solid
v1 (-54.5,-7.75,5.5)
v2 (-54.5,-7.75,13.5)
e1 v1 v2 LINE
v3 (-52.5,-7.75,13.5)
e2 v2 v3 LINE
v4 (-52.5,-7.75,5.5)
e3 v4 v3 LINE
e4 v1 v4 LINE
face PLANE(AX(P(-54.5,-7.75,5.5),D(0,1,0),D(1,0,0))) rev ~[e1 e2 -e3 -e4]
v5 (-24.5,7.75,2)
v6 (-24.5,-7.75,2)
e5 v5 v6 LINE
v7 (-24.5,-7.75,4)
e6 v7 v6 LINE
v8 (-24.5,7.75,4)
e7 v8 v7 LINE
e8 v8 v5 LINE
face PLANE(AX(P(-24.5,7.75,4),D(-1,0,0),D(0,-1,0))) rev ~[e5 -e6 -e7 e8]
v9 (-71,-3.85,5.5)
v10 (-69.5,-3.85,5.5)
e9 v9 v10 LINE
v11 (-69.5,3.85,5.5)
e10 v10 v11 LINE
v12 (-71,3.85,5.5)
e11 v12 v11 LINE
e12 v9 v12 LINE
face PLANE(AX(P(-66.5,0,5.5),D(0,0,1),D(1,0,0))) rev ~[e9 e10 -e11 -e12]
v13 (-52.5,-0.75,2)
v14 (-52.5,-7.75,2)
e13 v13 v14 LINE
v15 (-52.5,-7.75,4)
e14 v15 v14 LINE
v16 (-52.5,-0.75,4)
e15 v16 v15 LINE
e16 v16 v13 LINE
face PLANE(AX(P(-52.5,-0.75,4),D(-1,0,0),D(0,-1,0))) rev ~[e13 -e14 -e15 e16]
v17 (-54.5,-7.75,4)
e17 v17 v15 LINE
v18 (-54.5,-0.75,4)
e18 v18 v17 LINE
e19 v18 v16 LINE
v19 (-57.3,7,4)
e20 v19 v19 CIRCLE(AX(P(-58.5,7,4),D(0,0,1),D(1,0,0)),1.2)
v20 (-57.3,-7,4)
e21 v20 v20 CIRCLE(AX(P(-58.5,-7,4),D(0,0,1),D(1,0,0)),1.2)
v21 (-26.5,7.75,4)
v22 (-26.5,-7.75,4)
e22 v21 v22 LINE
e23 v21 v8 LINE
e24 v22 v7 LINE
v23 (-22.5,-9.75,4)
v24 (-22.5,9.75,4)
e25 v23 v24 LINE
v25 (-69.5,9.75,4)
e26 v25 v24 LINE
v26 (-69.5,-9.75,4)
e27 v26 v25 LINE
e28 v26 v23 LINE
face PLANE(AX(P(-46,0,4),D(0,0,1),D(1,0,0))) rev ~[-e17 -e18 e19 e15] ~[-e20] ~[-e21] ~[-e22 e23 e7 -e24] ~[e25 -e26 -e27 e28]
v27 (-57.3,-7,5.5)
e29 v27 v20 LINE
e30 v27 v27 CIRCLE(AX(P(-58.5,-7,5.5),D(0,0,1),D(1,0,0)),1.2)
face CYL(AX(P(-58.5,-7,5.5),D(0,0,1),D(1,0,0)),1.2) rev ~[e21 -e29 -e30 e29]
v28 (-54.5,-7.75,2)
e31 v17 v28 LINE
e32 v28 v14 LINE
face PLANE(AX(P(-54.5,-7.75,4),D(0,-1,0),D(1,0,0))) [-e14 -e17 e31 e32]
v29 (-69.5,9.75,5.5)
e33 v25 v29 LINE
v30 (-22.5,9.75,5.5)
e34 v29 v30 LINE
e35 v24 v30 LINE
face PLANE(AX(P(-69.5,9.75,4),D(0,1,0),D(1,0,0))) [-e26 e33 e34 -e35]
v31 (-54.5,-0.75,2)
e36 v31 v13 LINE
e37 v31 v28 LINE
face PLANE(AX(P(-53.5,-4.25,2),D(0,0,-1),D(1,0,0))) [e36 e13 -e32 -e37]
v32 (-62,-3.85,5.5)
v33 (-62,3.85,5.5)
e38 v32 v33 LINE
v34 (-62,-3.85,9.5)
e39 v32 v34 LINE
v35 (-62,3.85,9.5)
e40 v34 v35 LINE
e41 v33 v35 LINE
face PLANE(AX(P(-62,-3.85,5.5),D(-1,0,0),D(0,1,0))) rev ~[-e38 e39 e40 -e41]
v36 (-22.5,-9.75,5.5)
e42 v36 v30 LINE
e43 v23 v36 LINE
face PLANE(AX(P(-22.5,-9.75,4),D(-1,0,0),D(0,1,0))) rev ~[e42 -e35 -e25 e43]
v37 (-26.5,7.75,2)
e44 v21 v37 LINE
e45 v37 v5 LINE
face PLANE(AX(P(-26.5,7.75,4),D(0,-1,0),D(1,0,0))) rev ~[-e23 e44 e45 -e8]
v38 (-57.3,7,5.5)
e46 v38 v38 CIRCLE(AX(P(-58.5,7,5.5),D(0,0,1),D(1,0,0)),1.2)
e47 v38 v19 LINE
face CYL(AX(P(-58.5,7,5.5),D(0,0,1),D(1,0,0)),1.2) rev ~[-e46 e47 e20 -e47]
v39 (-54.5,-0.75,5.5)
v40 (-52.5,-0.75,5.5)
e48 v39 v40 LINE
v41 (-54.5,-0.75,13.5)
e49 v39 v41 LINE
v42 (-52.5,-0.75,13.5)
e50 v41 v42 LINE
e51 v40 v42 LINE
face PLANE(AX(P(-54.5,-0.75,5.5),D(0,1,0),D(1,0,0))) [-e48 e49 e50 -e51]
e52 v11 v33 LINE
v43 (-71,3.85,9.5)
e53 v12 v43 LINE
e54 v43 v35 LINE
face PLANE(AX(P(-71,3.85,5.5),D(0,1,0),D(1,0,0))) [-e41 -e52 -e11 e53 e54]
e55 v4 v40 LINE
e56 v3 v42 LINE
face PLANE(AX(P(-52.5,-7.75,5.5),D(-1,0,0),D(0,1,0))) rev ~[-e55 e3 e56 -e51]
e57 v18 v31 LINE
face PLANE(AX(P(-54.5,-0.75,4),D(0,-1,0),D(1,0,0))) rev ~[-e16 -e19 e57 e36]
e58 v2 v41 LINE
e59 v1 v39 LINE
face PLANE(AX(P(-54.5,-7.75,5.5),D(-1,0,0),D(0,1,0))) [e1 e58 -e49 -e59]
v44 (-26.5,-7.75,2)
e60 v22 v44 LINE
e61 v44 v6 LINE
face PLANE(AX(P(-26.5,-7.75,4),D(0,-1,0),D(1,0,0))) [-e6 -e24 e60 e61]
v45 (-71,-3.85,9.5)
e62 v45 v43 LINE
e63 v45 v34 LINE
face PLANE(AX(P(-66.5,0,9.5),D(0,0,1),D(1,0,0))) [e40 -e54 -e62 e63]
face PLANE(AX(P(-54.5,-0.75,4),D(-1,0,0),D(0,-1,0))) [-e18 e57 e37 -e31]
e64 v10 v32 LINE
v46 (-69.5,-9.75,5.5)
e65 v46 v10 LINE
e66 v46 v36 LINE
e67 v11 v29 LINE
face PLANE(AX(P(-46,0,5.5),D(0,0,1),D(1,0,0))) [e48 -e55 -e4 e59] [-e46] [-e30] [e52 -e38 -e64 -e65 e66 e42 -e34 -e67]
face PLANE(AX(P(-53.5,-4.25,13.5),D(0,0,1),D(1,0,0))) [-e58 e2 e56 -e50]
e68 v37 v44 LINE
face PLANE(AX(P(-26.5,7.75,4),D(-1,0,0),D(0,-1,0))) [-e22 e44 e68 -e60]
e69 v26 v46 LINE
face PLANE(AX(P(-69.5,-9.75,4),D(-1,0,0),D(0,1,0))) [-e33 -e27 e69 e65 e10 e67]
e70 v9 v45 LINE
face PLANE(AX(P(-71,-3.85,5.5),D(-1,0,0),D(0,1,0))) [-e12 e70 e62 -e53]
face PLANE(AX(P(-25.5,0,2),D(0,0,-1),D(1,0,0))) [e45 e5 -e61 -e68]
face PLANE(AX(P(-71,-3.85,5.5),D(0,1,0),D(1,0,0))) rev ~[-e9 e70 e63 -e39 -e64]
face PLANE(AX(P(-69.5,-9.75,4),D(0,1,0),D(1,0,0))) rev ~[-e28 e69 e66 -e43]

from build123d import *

# Parameters (mm, degrees)
SKETCH010_W     = 47
SKETCH010_H     = 19.5
PAD006_DEPTH    = 1.5
SKETCH011_W     = 9
SKETCH011_H     = 7.7
PAD008_DEPTH    = 4
SKETCH012_R     = 1.2
POCKET003_DEPTH = 1.501
SKETCH013_W     = 2
SKETCH013_H     = 15.5
SKETCH013_H_2   = 7
PAD007_DEPTH    = 2
SKETCH004_W     = 2
SKETCH004_H     = 7
PAD005_DEPTH    = 8


with BuildPart() as part:
    # Sketch010 → Pad006 (new body)
    with BuildSketch(Plane.XY):
        with Locations((23.5, 9.75)):
            Rectangle(SKETCH010_W, SKETCH010_H)
    extrude(amount=PAD006_DEPTH)

    # Sketch011 (on Face6 of Pad006) → Pad008 (join)
    with BuildSketch(Plane.XY.offset(1.5)):
        with Locations((3, 9.75)):
            Rectangle(SKETCH011_W, SKETCH011_H)
    extrude(amount=PAD008_DEPTH)

    # Sketch012 (on Face5 of Pad008) → Pocket003 (cut, through all)
    with BuildSketch(Plane.XY.offset(1.5)):
        with Locations((11, 16.75)):
            Circle(SKETCH012_R)
        with Locations((11, 2.75)):
            Circle(SKETCH012_R)
    extrude(amount=-POCKET003_DEPTH, mode=Mode.SUBTRACT)

    # Sketch013 (on Face4 of Pocket003) → Pad007 (join)
    with BuildSketch(Plane(origin=(0, 0, 0), x_dir=(1, 0, 0), z_dir=(0, 0, -1))):
        with Locations((44, -9.75)):
            Rectangle(SKETCH013_W, SKETCH013_H)
        with Locations((16, -5.5)):
            Rectangle(SKETCH013_W, SKETCH013_H_2)
    extrude(amount=PAD007_DEPTH)

    # Sketch004 (on Face5 of Pad007) → Pad005 (join)
    with BuildSketch(Plane.XY.offset(1.5)):
        with Locations((16, 5.5)):
            Rectangle(SKETCH004_W, SKETCH004_H)
    extrude(amount=PAD005_DEPTH)


with BuildPart() as part_1:
    # Body001 placement: moved
    add(part.part.moved(Location((-69.5, -9.75, 4))))


solid = part_1.part
